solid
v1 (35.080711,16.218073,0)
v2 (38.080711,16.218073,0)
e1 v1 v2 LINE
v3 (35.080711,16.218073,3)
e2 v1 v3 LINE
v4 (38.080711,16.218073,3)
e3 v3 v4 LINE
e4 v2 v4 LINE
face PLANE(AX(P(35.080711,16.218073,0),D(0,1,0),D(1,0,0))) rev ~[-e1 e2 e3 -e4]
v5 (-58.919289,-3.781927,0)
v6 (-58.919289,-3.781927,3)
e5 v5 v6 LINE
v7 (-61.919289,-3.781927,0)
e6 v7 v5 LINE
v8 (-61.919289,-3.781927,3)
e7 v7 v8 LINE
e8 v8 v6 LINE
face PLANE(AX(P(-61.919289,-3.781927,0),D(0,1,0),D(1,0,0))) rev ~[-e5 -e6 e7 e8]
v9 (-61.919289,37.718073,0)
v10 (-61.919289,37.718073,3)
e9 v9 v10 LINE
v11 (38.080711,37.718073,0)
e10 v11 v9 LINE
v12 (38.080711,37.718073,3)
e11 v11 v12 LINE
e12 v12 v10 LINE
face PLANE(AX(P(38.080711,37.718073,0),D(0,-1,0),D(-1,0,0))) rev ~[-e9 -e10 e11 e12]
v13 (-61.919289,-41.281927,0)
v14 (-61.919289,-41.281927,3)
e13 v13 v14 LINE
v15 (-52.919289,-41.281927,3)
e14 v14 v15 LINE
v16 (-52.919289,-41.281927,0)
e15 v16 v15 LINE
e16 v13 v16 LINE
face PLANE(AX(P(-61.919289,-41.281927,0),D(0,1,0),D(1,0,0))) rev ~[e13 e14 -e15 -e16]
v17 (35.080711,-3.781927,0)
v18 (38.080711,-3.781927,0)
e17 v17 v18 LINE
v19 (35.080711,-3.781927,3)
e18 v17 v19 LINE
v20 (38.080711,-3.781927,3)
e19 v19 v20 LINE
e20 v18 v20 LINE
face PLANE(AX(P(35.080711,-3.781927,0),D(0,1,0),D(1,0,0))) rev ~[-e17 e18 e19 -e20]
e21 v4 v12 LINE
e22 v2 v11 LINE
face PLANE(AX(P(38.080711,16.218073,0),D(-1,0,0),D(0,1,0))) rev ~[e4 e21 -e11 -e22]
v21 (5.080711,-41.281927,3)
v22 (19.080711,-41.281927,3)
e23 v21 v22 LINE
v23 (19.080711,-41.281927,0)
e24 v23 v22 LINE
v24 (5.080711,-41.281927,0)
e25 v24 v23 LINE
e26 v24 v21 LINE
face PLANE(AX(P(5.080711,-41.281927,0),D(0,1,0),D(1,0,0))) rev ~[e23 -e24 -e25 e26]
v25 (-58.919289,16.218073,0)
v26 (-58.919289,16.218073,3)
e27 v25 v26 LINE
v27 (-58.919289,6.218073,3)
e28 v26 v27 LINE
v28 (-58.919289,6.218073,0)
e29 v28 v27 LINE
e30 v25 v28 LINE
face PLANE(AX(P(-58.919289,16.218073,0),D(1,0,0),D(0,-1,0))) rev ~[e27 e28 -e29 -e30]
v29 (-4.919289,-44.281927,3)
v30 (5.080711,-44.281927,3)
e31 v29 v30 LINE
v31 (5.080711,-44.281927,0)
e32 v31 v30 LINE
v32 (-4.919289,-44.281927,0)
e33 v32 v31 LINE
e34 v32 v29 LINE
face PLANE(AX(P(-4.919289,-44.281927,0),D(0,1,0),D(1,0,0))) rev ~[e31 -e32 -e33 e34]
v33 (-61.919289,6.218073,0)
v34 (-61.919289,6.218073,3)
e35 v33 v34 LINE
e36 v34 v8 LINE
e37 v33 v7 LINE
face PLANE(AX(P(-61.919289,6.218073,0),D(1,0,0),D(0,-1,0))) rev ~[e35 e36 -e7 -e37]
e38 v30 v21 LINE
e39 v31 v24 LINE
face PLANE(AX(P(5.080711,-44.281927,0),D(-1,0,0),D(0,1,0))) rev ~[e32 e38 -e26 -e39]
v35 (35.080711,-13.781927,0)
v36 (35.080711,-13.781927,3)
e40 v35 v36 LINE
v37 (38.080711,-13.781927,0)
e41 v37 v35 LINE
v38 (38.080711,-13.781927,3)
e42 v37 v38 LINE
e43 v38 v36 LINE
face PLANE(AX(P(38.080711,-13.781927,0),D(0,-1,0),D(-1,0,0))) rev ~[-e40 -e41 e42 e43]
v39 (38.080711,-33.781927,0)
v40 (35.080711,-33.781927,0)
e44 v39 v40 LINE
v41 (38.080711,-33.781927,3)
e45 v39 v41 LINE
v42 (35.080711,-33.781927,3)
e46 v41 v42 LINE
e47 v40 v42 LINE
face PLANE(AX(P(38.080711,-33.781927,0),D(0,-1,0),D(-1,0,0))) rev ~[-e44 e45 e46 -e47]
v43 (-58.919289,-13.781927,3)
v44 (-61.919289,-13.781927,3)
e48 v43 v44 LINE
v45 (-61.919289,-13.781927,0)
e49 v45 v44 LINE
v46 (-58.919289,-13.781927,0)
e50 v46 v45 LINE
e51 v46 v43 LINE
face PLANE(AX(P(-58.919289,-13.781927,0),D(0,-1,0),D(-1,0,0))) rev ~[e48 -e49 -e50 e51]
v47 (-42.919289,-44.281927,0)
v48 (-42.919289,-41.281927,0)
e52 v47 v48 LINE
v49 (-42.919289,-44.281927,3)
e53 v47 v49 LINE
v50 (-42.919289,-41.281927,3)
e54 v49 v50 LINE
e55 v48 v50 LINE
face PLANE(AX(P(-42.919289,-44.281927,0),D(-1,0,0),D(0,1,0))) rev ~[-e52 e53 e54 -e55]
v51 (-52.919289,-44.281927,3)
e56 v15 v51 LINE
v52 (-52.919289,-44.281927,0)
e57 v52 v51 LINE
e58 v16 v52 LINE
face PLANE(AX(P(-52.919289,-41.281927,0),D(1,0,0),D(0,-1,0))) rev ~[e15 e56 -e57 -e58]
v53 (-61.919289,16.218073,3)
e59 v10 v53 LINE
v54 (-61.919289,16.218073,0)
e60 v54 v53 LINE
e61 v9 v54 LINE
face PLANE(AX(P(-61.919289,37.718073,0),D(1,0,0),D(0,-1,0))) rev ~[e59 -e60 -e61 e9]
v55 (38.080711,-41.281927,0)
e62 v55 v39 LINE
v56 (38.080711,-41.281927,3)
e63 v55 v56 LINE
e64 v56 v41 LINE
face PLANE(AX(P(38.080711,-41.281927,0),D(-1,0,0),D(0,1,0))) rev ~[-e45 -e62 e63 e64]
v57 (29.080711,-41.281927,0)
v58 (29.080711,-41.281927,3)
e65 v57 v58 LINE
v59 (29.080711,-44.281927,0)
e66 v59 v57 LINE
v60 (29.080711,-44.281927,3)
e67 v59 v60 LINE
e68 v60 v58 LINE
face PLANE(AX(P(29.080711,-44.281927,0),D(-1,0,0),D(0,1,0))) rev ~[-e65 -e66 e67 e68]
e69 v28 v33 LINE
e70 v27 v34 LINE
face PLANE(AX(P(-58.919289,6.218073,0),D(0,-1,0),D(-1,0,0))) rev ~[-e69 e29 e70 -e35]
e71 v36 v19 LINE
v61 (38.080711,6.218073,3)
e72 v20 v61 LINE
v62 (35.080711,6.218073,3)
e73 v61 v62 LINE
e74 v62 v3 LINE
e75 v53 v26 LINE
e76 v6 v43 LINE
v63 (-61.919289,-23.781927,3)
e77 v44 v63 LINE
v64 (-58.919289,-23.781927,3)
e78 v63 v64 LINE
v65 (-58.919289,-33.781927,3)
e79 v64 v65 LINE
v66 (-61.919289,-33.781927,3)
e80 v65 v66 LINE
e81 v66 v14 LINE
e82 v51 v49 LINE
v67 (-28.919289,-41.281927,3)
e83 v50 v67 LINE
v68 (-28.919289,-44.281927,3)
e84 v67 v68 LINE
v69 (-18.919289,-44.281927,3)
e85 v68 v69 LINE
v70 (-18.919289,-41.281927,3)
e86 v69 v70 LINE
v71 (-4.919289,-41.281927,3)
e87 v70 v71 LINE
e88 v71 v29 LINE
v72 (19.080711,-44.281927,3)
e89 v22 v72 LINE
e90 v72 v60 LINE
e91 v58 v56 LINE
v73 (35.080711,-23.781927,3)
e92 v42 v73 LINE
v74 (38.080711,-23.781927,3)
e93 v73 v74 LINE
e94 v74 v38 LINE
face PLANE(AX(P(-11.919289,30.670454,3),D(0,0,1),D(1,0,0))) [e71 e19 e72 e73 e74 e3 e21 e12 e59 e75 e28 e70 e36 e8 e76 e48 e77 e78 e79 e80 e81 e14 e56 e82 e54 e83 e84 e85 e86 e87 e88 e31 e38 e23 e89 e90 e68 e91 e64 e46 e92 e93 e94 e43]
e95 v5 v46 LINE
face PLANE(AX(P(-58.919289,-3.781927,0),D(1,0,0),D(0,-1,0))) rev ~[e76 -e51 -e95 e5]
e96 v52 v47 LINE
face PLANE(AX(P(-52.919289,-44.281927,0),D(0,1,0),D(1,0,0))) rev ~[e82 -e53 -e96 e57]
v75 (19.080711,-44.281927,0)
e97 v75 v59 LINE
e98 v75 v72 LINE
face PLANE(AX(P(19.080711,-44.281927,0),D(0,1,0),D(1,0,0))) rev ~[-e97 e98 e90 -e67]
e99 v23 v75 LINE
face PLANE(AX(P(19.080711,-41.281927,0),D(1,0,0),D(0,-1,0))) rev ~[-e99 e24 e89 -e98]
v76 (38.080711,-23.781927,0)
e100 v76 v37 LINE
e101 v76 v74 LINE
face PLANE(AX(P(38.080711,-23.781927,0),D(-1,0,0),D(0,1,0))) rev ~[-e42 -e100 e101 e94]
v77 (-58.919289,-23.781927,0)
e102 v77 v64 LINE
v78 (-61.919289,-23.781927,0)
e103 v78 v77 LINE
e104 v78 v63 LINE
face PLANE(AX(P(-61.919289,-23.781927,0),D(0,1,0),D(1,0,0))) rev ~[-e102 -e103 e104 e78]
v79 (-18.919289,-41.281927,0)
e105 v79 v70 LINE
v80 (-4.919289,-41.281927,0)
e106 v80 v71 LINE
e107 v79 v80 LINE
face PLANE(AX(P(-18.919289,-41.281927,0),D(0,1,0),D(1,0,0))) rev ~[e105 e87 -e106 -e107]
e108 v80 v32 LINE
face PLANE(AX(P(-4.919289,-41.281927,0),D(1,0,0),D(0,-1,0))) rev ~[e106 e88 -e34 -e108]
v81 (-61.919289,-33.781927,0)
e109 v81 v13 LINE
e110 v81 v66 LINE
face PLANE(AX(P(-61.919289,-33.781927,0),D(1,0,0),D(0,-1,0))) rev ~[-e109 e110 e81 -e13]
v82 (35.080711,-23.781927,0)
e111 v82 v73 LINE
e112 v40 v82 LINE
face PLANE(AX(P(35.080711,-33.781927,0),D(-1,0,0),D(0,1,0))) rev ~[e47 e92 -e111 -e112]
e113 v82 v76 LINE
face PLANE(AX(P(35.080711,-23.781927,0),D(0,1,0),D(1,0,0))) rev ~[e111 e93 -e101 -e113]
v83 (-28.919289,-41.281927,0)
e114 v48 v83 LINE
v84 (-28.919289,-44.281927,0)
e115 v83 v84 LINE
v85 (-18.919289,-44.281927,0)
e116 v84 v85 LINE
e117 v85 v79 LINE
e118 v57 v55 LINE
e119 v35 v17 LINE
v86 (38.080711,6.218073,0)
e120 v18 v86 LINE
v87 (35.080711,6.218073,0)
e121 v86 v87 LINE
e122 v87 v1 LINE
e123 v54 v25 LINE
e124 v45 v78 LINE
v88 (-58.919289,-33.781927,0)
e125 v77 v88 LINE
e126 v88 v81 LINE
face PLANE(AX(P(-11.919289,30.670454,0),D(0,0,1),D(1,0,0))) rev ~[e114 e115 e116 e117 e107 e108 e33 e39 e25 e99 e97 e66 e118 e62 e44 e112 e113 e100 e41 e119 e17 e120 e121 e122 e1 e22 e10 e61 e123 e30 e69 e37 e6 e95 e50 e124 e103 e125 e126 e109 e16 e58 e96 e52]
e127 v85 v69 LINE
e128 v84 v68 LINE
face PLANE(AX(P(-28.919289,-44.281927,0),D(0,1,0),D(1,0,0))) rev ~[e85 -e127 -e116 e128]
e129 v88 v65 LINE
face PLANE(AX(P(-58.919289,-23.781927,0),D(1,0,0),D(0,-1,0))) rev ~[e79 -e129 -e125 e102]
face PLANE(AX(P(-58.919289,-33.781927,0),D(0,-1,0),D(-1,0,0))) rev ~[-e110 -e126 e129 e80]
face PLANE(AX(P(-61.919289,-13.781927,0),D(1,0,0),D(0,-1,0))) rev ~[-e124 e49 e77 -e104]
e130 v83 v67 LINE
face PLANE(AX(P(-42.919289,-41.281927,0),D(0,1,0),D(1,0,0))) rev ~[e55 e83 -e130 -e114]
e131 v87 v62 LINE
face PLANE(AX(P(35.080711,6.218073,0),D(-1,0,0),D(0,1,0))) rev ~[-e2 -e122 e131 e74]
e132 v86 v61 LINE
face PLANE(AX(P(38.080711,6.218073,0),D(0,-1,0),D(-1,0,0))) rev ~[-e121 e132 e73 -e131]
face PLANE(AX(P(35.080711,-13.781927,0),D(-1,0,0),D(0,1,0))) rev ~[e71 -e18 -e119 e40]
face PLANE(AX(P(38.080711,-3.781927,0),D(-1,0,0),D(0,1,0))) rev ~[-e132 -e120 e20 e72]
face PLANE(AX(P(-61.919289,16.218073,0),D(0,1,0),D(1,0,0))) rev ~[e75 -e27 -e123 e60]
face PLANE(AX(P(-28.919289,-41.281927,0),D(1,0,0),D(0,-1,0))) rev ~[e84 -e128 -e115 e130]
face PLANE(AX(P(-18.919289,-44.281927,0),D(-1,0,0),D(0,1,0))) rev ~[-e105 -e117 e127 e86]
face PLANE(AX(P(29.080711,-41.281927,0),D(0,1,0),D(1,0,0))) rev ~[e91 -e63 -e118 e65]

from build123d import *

# Parameters (mm, degrees)
SKETCH_1_W      = 10
SKETCH_1_H      = 3
EXTRUDE_1_DEPTH = 3


with BuildPart() as part:
    # 草圖1 → 填料-伸長1 (new body)
    with BuildSketch(Plane.XY):
        Polygon((29.080711207, 23.718072979), (38.080711207, 23.718072979), (38.080711207, 37.718072979), (-61.919288793, 37.718072979), (-61.919288793, 23.718072979), (-52.919288793, 23.718072979), (-52.919288793, 26.718072979), (-42.919288793, 26.718072979), (-42.919288793, 23.718072979), (-28.919288793, 23.718072979), (-28.919288793, 26.718072979), (-18.919288793, 26.718072979), (-18.919288793, 23.718072979), (-4.919288793, 23.718072979), (-4.919288793, 26.718072979), (5.080711207, 26.718072979), (5.080711207, 23.718072979), (19.080711207, 23.718072979), (19.080711207, 26.718072979), (29.080711207, 26.718072979), align=None)
        with Locations((-47.919288793, 25.218072979)):
            Rectangle(SKETCH_1_W, SKETCH_1_H)
        with Locations((-23.919288793, 25.218072979)):
            Rectangle(SKETCH_1_W, SKETCH_1_H)
        with Locations((0.080711207, 25.218072979)):
            Rectangle(SKETCH_1_W, SKETCH_1_H)
        with Locations((24.080711207, 25.218072979)):
            Rectangle(SKETCH_1_W, SKETCH_1_H)
        Polygon((-52.919288793, 23.718072979), (-61.919288793, 23.718072979), (-61.919288793, 16.218072979), (-58.919288793, 16.218072979), (-58.919288793, 6.218072979), (-61.919288793, 6.218072979), (-61.919288793, -3.781927021), (-58.919288793, -3.781927021), (-58.919288793, -13.781927021), (-61.919288793, -13.781927021), (-61.919288793, -23.781927021), (-58.919288793, -23.781927021), (-58.919288793, -33.781927021), (-61.919288793, -33.781927021), (-61.919288793, -41.281927021), (-52.919288793, -41.281927021), (-52.919288793, -44.281927021), (-42.919288793, -44.281927021), (-42.919288793, -41.281927021), (-28.919288793, -41.281927021), (-28.919288793, -44.281927021), (-18.919288793, -44.281927021), (-18.919288793, -41.281927021), (-4.919288793, -41.281927021), (-4.919288793, -44.281927021), (5.080711207, -44.281927021), (5.080711207, -41.281927021), (19.080711207, -41.281927021), (19.080711207, -44.281927021), (29.080711207, -44.281927021), (29.080711207, -41.281927021), (38.080711207, -41.281927021), (38.080711207, -33.781927021), (35.080711207, -33.781927021), (35.080711207, -23.781927021), (38.080711207, -23.781927021), (38.080711207, -13.781927021), (35.080711207, -13.781927021), (35.080711207, -3.781927021), (38.080711207, -3.781927021), (38.080711207, 6.218072979), (35.080711207, 6.218072979), (35.080711207, 16.218072979), (38.080711207, 16.218072979), (38.080711207, 23.718072979), (29.080711207, 23.718072979), (19.080711207, 23.718072979), (5.080711207, 23.718072979), (-4.919288793, 23.718072979), (-18.919288793, 23.718072979), (-28.919288793, 23.718072979), (-42.919288793, 23.718072979), align=None)
    extrude(amount=EXTRUDE_1_DEPTH)


solid = part.part
